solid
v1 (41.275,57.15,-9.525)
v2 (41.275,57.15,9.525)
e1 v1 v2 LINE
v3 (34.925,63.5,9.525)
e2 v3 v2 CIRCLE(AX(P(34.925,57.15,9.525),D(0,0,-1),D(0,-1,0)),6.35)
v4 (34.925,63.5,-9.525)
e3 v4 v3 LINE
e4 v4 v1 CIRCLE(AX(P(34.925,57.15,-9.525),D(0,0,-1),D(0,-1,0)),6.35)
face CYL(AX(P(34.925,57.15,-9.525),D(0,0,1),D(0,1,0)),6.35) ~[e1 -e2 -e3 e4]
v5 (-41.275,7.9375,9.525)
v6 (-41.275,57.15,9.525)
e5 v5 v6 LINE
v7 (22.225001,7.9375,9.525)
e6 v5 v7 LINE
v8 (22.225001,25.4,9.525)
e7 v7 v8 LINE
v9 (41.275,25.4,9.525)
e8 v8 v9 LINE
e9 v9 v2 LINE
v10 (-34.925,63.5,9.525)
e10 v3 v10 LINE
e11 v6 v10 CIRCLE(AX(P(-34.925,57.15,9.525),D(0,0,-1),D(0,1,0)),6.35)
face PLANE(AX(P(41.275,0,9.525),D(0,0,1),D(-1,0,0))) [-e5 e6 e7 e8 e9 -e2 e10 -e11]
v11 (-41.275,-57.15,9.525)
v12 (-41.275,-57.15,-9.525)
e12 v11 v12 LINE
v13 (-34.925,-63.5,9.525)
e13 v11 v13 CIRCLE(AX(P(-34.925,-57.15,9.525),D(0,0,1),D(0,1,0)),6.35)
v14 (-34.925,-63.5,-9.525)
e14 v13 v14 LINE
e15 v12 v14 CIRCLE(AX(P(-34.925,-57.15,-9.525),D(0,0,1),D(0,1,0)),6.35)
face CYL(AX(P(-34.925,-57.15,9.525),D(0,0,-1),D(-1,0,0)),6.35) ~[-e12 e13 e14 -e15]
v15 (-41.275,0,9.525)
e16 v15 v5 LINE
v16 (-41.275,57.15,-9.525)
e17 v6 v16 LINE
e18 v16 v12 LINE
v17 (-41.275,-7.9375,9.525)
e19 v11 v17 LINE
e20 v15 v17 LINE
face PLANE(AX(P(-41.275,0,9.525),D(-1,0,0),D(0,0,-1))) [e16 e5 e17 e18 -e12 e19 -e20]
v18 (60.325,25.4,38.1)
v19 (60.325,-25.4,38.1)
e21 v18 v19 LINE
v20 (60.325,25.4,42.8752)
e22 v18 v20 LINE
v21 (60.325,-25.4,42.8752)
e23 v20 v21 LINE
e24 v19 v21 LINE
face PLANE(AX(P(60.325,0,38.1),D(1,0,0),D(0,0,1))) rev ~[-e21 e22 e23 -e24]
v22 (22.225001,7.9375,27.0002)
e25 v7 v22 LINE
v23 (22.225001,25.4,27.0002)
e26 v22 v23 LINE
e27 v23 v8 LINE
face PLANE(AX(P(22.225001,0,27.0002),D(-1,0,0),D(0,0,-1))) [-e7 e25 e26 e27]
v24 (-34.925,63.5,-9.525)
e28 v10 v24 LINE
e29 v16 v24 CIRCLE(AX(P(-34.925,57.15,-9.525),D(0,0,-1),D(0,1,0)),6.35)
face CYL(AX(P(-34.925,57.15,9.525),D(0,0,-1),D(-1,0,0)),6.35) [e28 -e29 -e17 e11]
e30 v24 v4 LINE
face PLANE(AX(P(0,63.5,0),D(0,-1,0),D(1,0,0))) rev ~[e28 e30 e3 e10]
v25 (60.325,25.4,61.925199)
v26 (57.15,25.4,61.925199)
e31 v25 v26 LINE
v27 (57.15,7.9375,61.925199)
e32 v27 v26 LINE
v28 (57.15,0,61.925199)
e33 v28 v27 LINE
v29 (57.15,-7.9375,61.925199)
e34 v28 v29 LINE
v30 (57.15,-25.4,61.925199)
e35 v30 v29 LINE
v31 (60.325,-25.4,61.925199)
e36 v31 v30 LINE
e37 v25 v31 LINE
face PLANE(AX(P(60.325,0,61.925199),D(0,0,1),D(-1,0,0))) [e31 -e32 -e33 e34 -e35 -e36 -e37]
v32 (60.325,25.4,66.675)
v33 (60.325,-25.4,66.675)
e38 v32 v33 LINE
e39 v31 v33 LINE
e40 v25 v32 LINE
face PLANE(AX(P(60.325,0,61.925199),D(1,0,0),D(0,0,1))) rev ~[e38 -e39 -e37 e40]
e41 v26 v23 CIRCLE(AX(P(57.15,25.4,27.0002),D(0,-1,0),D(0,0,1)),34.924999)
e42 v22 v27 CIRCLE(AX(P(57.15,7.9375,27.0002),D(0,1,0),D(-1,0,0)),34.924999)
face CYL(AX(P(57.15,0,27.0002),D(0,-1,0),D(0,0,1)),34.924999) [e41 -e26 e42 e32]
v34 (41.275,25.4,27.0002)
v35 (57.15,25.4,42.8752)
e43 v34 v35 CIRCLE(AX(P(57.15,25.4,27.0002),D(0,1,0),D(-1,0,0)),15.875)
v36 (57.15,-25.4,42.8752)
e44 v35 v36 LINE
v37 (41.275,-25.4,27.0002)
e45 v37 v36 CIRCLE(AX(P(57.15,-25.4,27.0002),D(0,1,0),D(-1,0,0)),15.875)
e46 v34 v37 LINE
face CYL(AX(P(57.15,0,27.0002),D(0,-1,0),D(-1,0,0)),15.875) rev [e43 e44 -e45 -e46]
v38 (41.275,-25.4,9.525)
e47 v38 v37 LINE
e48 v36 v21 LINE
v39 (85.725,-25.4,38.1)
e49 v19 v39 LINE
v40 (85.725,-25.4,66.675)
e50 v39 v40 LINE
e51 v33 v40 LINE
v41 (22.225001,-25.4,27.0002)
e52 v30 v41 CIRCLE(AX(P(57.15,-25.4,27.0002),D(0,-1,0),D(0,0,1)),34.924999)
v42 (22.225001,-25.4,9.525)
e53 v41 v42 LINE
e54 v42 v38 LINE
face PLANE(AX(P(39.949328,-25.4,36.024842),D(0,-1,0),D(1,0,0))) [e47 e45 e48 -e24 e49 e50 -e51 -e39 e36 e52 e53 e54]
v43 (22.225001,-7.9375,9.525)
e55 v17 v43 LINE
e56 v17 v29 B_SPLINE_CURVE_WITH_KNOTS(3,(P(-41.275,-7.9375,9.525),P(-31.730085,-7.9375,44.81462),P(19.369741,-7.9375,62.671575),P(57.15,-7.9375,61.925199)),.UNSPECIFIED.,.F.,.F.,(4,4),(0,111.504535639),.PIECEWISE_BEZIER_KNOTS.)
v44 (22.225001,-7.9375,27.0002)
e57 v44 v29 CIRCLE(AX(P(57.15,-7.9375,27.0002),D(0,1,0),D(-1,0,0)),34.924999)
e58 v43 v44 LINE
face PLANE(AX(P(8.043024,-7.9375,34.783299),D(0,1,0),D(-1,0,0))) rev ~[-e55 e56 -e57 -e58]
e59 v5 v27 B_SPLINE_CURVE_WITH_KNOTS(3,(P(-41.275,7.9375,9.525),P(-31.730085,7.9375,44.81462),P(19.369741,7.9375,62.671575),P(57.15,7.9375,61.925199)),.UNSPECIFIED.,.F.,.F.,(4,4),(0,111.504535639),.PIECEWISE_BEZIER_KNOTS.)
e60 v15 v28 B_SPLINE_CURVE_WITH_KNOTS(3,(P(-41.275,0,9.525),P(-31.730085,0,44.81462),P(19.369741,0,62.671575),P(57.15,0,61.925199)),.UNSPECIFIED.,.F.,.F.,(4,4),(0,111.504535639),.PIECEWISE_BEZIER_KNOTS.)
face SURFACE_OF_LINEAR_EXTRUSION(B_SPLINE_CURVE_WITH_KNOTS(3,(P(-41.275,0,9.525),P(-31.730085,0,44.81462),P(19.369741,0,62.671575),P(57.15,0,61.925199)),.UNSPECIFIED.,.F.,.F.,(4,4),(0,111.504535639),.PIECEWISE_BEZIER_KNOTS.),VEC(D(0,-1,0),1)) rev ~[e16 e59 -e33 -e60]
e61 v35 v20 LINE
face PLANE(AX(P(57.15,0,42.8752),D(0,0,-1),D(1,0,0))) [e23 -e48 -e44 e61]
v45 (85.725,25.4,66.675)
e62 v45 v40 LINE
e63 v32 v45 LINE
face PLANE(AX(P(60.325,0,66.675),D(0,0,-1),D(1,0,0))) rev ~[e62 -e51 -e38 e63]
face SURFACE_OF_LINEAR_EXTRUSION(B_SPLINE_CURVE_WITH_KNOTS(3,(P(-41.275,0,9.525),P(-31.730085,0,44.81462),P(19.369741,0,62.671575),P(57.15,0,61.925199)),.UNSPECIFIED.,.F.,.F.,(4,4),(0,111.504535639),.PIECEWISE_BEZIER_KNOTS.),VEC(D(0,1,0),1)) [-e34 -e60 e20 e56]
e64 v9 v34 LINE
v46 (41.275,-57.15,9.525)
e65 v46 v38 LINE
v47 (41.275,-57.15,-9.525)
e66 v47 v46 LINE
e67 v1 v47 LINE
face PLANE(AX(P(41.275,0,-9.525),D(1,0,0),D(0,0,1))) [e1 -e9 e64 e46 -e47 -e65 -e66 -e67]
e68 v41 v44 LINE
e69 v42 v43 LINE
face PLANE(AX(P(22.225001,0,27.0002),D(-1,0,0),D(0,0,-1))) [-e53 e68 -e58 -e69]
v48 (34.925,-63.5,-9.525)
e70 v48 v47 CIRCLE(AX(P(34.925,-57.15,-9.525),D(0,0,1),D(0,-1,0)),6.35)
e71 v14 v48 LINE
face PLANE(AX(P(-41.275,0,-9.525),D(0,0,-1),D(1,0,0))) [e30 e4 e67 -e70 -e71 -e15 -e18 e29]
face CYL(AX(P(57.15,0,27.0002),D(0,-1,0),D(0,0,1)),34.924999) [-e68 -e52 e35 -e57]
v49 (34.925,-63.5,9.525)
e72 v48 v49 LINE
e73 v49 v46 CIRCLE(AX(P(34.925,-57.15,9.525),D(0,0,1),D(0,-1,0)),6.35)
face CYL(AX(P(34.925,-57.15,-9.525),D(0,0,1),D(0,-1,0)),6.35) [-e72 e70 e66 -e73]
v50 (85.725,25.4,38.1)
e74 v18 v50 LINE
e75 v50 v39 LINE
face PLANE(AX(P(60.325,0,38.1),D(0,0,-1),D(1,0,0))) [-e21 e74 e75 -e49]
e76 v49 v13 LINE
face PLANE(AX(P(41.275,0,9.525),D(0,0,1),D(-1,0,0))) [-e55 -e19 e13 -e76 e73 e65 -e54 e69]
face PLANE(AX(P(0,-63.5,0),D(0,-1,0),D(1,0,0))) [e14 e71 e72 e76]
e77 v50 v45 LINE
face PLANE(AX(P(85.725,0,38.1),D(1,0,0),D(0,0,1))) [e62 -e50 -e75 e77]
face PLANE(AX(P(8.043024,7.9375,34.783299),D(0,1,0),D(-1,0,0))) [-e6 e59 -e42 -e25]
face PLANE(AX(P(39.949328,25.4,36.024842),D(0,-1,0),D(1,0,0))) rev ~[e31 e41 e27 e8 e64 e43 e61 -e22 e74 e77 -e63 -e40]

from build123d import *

# Parameters (mm, degrees)
F1_DEPTH = 63.5
F0_W     = 25.4
F0_H     = 19.0499988828
F0_H_2   = 4.7498011172
F0_H_3   = 4.7752
F2_DEPTH = 25.4
F3_DEPTH = 7.9375
F4_R     = 6.35


with BuildPart() as f1:
    # F0 (on Front) → F1 (new body, symmetric)
    with BuildSketch(Plane.XZ):
        Polygon((-41.275, 9.525), (-41.275, -9.525), (41.275, -9.525), (41.275, 9.525), (22.2250011172, 9.525), align=None)
    extrude(amount=F1_DEPTH, both=True)

    # F0 (on Front) → F2 (join, symmetric)
    with BuildSketch(Plane.XZ):
        with BuildLine():
            Line((22.2250011172, 9.525), (41.275, 9.525))
            Line((41.275, 9.525), (41.275, 27.0002))
            ThreePointArc((41.275, 27.0002), (45.9246798487, 38.2255201513), (57.15, 42.8752))
            Line((57.15, 42.8752), (60.325, 42.8752))
            Line((60.325, 42.8752), (60.325, 61.9251988828))
            Line((60.325, 61.9251988828), (57.15, 61.9251988828))
            ThreePointArc((57.15, 61.9251988828), (32.454296457, 51.695903543), (22.2250011172, 27.0002))
            Line((22.2250011172, 27.0002), (22.2250011172, 9.525))
        make_face()
        with Locations((73.025, 52.4001994414)):
            Rectangle(F0_W, F0_H)
        with Locations((73.025, 64.3000994414)):
            Rectangle(F0_W, F0_H_2)
        with Locations((73.025, 40.4876)):
            Rectangle(F0_W, F0_H_3)
    extrude(amount=F2_DEPTH, both=True)

    # F0 (on Front) → F3 (join, symmetric)
    with BuildSketch(Plane.XZ):
        with BuildLine():
            add(Edge.make_bspline(
                [(-41.275, 9.525), (-31.7300852137, 44.8146195103), (19.3697411857, 62.6715747871), (57.15, 61.9251988828)],
                knots=[0, 0, 0, 0, 111.5045356385, 111.5045356385, 111.5045356385, 111.5045356385], degree=3))
            Line((-41.275, 9.525), (22.2250011172, 9.525))
            Line((22.2250011172, 9.525), (22.2250011172, 27.0002))
            ThreePointArc((22.2250011172, 27.0002), (32.454296457, 51.695903543), (57.15, 61.9251988828))
        make_face()
    extrude(amount=F3_DEPTH, both=True)

    # F4
    f4_edges = [f1.edges().sort_by_distance(p)[0] for p in [
        (-41.275, -63.5, 0),
        (41.275, -63.5, 0),
        (41.275, 63.5, 0),
        (-41.275, 63.5, 0),
    ]]
    fillet(f4_edges, radius=F4_R)


solid = f1.part
